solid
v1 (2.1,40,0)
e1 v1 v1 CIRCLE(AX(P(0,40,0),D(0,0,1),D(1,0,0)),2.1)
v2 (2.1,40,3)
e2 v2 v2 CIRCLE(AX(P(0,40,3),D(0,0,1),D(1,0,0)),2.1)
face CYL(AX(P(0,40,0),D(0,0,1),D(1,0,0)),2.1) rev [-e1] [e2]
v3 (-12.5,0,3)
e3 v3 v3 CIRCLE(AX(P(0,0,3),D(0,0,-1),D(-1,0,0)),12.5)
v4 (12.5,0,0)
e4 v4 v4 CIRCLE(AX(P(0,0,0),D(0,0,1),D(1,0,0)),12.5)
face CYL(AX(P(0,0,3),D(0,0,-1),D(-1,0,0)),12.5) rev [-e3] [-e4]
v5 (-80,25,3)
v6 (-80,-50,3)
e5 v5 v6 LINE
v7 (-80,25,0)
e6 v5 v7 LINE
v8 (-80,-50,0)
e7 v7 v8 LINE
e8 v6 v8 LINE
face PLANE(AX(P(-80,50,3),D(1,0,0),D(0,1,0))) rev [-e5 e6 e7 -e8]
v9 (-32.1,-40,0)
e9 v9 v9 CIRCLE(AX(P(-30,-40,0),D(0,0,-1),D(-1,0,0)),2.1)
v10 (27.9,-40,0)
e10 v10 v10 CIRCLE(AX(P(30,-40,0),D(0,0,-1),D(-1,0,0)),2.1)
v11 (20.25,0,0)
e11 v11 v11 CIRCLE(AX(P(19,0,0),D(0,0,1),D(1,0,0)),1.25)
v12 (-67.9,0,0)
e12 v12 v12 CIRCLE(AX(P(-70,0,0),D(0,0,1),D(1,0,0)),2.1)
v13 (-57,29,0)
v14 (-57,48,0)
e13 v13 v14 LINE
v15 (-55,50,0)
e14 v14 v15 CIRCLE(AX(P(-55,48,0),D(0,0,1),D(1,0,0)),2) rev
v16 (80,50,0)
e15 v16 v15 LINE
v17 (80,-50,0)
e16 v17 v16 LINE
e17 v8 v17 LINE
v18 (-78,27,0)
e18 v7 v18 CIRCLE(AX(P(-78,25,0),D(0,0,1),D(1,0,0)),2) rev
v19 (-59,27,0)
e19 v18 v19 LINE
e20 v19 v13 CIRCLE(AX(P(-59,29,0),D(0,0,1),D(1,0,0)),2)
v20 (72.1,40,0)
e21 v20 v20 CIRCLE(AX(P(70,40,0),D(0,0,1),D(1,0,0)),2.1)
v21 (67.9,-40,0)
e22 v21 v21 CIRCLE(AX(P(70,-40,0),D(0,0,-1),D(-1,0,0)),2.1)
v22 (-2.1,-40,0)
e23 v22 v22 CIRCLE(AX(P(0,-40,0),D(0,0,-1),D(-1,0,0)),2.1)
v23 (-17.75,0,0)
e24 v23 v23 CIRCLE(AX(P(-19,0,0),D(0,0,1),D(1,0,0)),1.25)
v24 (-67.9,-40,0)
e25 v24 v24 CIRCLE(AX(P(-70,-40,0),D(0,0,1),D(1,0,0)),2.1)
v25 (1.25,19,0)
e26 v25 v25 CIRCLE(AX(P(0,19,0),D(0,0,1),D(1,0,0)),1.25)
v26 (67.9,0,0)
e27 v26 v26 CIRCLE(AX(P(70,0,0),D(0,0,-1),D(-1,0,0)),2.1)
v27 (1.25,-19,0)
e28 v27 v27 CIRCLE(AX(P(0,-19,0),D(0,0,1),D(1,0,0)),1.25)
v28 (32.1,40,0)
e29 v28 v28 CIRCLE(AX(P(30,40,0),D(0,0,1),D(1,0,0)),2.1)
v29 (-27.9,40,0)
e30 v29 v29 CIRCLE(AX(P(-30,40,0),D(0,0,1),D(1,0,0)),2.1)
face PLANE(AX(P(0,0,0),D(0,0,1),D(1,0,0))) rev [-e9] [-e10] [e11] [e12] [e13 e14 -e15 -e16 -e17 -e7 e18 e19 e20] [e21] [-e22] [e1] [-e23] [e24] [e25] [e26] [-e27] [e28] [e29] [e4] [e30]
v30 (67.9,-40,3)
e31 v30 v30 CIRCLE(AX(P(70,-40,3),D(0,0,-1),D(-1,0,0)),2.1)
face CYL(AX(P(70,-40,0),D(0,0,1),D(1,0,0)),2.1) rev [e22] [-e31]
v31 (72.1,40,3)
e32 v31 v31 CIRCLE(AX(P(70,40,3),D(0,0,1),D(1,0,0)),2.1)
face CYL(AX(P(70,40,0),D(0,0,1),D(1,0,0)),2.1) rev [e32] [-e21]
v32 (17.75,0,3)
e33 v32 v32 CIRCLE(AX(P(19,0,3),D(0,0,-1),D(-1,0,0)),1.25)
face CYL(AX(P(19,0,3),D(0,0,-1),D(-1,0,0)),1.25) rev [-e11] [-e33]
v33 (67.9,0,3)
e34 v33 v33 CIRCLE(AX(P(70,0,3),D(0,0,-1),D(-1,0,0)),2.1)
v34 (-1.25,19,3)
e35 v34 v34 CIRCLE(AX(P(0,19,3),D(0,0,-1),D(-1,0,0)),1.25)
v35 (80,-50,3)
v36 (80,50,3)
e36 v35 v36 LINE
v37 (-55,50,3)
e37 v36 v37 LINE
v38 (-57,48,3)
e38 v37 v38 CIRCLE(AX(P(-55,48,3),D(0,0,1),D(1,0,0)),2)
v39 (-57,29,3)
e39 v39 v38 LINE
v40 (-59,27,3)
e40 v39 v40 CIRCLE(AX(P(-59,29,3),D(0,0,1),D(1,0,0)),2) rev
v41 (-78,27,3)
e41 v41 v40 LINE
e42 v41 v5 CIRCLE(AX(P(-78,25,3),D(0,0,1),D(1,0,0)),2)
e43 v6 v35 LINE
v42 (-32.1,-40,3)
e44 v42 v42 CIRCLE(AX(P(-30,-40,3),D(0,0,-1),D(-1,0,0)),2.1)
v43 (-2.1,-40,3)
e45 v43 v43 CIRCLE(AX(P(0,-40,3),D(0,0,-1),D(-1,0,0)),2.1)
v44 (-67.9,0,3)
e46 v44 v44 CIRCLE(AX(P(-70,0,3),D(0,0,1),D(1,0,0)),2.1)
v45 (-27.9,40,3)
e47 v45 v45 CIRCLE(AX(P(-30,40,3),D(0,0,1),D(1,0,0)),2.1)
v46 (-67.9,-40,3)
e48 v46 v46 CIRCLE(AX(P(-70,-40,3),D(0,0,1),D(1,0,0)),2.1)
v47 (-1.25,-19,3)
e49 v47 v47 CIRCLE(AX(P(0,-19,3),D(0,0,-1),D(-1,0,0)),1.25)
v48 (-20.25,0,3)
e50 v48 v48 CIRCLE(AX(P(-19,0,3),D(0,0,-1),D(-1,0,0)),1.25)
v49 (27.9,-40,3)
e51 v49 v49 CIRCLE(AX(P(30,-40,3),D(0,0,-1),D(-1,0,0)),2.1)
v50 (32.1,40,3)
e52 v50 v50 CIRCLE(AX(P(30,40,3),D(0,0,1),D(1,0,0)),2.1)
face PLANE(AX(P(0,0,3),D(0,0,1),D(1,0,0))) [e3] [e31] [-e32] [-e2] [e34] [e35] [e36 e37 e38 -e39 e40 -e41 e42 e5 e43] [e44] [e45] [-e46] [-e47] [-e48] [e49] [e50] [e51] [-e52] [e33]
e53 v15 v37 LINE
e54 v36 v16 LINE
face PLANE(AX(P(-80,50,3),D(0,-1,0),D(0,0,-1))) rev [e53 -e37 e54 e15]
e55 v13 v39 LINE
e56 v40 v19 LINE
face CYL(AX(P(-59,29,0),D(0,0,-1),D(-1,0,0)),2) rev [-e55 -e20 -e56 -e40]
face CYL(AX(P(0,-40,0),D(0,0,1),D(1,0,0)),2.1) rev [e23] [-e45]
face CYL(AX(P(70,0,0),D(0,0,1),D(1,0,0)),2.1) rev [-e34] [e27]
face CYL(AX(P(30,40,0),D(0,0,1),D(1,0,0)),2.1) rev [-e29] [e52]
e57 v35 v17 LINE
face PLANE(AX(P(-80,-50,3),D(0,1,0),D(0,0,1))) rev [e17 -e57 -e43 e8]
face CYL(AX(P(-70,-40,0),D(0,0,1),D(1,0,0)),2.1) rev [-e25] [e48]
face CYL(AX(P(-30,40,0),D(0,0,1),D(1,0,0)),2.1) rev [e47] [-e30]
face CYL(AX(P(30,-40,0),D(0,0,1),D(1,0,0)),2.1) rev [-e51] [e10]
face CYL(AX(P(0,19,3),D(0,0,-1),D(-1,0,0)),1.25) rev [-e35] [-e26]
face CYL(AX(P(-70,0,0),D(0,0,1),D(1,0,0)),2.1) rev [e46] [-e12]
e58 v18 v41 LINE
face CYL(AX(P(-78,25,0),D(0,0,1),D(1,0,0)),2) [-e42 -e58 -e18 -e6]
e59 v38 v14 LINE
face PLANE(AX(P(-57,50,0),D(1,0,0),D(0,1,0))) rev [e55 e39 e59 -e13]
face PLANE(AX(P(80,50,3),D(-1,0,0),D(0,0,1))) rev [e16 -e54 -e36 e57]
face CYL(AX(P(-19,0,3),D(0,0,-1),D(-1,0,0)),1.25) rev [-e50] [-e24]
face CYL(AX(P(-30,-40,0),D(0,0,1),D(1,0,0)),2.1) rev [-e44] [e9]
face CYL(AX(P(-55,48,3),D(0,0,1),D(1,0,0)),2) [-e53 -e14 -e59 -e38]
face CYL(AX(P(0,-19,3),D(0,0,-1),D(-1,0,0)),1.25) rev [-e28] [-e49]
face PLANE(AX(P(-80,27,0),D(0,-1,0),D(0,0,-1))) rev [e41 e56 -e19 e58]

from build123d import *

# Parameters (mm, degrees)
SKETCH_1_W               = 160
SKETCH_1_H               = 100
EXTRUDE_1_DEPTH          = 3
SKETCH_2_R               = 2.1
CUT_EXTRUDE_1_DEPTH      = 95.387499172
CUT_EXTRUDE_2_DEPTH      = 95.387499172
CUT_EXTRUDE_2_DEPTH_BACK = 95.387499172
SKETCH_3_R               = 1.25
CUT_EXTRUDE_3_DEPTH      = 95.387499172
CUT_EXTRUDE_3_DEPTH_BACK = 95.387499172
SKETCH_4_R               = 12.5
CUT_EXTRUDE_4_DEPTH      = 95.387499172
CUT_EXTRUDE_4_DEPTH_BACK = 95.387499172
SKETCH_5_W               = 23
SKETCH_5_H               = 23
FILLET_1_R               = 2


with BuildPart() as part:
    # 草图1 → 凸台-拉伸1 (new body)
    with BuildSketch(Plane.XY):
        Rectangle(SKETCH_1_W, SKETCH_1_H)
    extrude(amount=EXTRUDE_1_DEPTH)

    # 草图2 → 切除-拉伸1 (cut, through all)
    with BuildSketch(Plane.XY.offset(3)):
        with Locations((-70, 40)):
            Circle(SKETCH_2_R)
        with Locations((-30, 40)):
            Circle(SKETCH_2_R)
        with Locations((0, 40)):
            Circle(SKETCH_2_R)
        with Locations((30, 40)):
            Circle(SKETCH_2_R)
        with Locations((70, 40)):
            Circle(SKETCH_2_R)
        with Locations((-70, 0)):
            Circle(SKETCH_2_R)
        with Locations((-70, -40)):
            Circle(SKETCH_2_R)
        with Locations((-70, -80)):
            Circle(SKETCH_2_R)
        with Locations((-70, -120)):
            Circle(SKETCH_2_R)
        with Locations((-70, -160)):
            Circle(SKETCH_2_R)
        with Locations((-70, -200)):
            Circle(SKETCH_2_R)
        with Locations((-70, -240)):
            Circle(SKETCH_2_R)
        with Locations((-70, -280)):
            Circle(SKETCH_2_R)
        with Locations((70, -280)):
            Circle(SKETCH_2_R)
        with Locations((70, -240)):
            Circle(SKETCH_2_R)
        with Locations((70, -200)):
            Circle(SKETCH_2_R)
        with Locations((70, -160)):
            Circle(SKETCH_2_R)
        with Locations((70, -120)):
            Circle(SKETCH_2_R)
        with Locations((70, -80)):
            Circle(SKETCH_2_R)
        with Locations(Location((70, -40, 0), (0, 0, 180))):
            Circle(SKETCH_2_R)
        with Locations(Location((70, 0, 0), (0, 0, 180))):
            Circle(SKETCH_2_R)
        with Locations(Location((30, -40, 0), (0, 0, 180))):
            Circle(SKETCH_2_R)
        with Locations(Location((0, -40, 0), (0, 0, 180))):
            Circle(SKETCH_2_R)
        with Locations(Location((-30, -40, 0), (0, 0, 180))):
            Circle(SKETCH_2_R)
    extrude(amount=-CUT_EXTRUDE_1_DEPTH, mode=Mode.SUBTRACT)

    # 草图3 → 切除-拉伸2 (cut, two sides: drawn at the far end of the back side and taken through both)
    with BuildSketch(Plane(origin=(0, 0, 0), x_dir=(-1, 0, 0), z_dir=(0, 0, -1)).offset(-CUT_EXTRUDE_2_DEPTH_BACK)):
        with Locations((19, 0)):
            Circle(SKETCH_3_R)
        with Locations((0, -19)):
            Circle(SKETCH_3_R)
        with Locations((-19, 0)):
            Circle(SKETCH_3_R)
        with Locations((0, 19)):
            Circle(SKETCH_3_R)
    extrude(amount=CUT_EXTRUDE_2_DEPTH + CUT_EXTRUDE_2_DEPTH_BACK, mode=Mode.SUBTRACT)

    # 草图4 → 切除-拉伸3 (cut, two sides: drawn at the far end of the back side and taken through both)
    with BuildSketch(Plane(origin=(0, 0, 0), x_dir=(-1, 0, 0), z_dir=(0, 0, -1)).offset(-CUT_EXTRUDE_3_DEPTH_BACK)):
        Circle(SKETCH_4_R)
    extrude(amount=CUT_EXTRUDE_3_DEPTH + CUT_EXTRUDE_3_DEPTH_BACK, mode=Mode.SUBTRACT)

    # 草图5 → 切除-拉伸4 (cut, two sides: drawn at the far end of the back side and taken through both)
    with BuildSketch(Plane.XY.offset(3).offset(-CUT_EXTRUDE_4_DEPTH_BACK)):
        with Locations((-68.5, 38.5)):
            Rectangle(SKETCH_5_W, SKETCH_5_H)
    extrude(amount=CUT_EXTRUDE_4_DEPTH + CUT_EXTRUDE_4_DEPTH_BACK, mode=Mode.SUBTRACT)

    # 圆角1
    fillet_1_edges = [part.edges().sort_by_distance(p)[0] for p in [
        (-80, 27, 1.5),
        (-57, 50, 1.5),
        (-57, 27, 1.5),
    ]]
    fillet(fillet_1_edges, radius=FILLET_1_R)


solid = part.part
